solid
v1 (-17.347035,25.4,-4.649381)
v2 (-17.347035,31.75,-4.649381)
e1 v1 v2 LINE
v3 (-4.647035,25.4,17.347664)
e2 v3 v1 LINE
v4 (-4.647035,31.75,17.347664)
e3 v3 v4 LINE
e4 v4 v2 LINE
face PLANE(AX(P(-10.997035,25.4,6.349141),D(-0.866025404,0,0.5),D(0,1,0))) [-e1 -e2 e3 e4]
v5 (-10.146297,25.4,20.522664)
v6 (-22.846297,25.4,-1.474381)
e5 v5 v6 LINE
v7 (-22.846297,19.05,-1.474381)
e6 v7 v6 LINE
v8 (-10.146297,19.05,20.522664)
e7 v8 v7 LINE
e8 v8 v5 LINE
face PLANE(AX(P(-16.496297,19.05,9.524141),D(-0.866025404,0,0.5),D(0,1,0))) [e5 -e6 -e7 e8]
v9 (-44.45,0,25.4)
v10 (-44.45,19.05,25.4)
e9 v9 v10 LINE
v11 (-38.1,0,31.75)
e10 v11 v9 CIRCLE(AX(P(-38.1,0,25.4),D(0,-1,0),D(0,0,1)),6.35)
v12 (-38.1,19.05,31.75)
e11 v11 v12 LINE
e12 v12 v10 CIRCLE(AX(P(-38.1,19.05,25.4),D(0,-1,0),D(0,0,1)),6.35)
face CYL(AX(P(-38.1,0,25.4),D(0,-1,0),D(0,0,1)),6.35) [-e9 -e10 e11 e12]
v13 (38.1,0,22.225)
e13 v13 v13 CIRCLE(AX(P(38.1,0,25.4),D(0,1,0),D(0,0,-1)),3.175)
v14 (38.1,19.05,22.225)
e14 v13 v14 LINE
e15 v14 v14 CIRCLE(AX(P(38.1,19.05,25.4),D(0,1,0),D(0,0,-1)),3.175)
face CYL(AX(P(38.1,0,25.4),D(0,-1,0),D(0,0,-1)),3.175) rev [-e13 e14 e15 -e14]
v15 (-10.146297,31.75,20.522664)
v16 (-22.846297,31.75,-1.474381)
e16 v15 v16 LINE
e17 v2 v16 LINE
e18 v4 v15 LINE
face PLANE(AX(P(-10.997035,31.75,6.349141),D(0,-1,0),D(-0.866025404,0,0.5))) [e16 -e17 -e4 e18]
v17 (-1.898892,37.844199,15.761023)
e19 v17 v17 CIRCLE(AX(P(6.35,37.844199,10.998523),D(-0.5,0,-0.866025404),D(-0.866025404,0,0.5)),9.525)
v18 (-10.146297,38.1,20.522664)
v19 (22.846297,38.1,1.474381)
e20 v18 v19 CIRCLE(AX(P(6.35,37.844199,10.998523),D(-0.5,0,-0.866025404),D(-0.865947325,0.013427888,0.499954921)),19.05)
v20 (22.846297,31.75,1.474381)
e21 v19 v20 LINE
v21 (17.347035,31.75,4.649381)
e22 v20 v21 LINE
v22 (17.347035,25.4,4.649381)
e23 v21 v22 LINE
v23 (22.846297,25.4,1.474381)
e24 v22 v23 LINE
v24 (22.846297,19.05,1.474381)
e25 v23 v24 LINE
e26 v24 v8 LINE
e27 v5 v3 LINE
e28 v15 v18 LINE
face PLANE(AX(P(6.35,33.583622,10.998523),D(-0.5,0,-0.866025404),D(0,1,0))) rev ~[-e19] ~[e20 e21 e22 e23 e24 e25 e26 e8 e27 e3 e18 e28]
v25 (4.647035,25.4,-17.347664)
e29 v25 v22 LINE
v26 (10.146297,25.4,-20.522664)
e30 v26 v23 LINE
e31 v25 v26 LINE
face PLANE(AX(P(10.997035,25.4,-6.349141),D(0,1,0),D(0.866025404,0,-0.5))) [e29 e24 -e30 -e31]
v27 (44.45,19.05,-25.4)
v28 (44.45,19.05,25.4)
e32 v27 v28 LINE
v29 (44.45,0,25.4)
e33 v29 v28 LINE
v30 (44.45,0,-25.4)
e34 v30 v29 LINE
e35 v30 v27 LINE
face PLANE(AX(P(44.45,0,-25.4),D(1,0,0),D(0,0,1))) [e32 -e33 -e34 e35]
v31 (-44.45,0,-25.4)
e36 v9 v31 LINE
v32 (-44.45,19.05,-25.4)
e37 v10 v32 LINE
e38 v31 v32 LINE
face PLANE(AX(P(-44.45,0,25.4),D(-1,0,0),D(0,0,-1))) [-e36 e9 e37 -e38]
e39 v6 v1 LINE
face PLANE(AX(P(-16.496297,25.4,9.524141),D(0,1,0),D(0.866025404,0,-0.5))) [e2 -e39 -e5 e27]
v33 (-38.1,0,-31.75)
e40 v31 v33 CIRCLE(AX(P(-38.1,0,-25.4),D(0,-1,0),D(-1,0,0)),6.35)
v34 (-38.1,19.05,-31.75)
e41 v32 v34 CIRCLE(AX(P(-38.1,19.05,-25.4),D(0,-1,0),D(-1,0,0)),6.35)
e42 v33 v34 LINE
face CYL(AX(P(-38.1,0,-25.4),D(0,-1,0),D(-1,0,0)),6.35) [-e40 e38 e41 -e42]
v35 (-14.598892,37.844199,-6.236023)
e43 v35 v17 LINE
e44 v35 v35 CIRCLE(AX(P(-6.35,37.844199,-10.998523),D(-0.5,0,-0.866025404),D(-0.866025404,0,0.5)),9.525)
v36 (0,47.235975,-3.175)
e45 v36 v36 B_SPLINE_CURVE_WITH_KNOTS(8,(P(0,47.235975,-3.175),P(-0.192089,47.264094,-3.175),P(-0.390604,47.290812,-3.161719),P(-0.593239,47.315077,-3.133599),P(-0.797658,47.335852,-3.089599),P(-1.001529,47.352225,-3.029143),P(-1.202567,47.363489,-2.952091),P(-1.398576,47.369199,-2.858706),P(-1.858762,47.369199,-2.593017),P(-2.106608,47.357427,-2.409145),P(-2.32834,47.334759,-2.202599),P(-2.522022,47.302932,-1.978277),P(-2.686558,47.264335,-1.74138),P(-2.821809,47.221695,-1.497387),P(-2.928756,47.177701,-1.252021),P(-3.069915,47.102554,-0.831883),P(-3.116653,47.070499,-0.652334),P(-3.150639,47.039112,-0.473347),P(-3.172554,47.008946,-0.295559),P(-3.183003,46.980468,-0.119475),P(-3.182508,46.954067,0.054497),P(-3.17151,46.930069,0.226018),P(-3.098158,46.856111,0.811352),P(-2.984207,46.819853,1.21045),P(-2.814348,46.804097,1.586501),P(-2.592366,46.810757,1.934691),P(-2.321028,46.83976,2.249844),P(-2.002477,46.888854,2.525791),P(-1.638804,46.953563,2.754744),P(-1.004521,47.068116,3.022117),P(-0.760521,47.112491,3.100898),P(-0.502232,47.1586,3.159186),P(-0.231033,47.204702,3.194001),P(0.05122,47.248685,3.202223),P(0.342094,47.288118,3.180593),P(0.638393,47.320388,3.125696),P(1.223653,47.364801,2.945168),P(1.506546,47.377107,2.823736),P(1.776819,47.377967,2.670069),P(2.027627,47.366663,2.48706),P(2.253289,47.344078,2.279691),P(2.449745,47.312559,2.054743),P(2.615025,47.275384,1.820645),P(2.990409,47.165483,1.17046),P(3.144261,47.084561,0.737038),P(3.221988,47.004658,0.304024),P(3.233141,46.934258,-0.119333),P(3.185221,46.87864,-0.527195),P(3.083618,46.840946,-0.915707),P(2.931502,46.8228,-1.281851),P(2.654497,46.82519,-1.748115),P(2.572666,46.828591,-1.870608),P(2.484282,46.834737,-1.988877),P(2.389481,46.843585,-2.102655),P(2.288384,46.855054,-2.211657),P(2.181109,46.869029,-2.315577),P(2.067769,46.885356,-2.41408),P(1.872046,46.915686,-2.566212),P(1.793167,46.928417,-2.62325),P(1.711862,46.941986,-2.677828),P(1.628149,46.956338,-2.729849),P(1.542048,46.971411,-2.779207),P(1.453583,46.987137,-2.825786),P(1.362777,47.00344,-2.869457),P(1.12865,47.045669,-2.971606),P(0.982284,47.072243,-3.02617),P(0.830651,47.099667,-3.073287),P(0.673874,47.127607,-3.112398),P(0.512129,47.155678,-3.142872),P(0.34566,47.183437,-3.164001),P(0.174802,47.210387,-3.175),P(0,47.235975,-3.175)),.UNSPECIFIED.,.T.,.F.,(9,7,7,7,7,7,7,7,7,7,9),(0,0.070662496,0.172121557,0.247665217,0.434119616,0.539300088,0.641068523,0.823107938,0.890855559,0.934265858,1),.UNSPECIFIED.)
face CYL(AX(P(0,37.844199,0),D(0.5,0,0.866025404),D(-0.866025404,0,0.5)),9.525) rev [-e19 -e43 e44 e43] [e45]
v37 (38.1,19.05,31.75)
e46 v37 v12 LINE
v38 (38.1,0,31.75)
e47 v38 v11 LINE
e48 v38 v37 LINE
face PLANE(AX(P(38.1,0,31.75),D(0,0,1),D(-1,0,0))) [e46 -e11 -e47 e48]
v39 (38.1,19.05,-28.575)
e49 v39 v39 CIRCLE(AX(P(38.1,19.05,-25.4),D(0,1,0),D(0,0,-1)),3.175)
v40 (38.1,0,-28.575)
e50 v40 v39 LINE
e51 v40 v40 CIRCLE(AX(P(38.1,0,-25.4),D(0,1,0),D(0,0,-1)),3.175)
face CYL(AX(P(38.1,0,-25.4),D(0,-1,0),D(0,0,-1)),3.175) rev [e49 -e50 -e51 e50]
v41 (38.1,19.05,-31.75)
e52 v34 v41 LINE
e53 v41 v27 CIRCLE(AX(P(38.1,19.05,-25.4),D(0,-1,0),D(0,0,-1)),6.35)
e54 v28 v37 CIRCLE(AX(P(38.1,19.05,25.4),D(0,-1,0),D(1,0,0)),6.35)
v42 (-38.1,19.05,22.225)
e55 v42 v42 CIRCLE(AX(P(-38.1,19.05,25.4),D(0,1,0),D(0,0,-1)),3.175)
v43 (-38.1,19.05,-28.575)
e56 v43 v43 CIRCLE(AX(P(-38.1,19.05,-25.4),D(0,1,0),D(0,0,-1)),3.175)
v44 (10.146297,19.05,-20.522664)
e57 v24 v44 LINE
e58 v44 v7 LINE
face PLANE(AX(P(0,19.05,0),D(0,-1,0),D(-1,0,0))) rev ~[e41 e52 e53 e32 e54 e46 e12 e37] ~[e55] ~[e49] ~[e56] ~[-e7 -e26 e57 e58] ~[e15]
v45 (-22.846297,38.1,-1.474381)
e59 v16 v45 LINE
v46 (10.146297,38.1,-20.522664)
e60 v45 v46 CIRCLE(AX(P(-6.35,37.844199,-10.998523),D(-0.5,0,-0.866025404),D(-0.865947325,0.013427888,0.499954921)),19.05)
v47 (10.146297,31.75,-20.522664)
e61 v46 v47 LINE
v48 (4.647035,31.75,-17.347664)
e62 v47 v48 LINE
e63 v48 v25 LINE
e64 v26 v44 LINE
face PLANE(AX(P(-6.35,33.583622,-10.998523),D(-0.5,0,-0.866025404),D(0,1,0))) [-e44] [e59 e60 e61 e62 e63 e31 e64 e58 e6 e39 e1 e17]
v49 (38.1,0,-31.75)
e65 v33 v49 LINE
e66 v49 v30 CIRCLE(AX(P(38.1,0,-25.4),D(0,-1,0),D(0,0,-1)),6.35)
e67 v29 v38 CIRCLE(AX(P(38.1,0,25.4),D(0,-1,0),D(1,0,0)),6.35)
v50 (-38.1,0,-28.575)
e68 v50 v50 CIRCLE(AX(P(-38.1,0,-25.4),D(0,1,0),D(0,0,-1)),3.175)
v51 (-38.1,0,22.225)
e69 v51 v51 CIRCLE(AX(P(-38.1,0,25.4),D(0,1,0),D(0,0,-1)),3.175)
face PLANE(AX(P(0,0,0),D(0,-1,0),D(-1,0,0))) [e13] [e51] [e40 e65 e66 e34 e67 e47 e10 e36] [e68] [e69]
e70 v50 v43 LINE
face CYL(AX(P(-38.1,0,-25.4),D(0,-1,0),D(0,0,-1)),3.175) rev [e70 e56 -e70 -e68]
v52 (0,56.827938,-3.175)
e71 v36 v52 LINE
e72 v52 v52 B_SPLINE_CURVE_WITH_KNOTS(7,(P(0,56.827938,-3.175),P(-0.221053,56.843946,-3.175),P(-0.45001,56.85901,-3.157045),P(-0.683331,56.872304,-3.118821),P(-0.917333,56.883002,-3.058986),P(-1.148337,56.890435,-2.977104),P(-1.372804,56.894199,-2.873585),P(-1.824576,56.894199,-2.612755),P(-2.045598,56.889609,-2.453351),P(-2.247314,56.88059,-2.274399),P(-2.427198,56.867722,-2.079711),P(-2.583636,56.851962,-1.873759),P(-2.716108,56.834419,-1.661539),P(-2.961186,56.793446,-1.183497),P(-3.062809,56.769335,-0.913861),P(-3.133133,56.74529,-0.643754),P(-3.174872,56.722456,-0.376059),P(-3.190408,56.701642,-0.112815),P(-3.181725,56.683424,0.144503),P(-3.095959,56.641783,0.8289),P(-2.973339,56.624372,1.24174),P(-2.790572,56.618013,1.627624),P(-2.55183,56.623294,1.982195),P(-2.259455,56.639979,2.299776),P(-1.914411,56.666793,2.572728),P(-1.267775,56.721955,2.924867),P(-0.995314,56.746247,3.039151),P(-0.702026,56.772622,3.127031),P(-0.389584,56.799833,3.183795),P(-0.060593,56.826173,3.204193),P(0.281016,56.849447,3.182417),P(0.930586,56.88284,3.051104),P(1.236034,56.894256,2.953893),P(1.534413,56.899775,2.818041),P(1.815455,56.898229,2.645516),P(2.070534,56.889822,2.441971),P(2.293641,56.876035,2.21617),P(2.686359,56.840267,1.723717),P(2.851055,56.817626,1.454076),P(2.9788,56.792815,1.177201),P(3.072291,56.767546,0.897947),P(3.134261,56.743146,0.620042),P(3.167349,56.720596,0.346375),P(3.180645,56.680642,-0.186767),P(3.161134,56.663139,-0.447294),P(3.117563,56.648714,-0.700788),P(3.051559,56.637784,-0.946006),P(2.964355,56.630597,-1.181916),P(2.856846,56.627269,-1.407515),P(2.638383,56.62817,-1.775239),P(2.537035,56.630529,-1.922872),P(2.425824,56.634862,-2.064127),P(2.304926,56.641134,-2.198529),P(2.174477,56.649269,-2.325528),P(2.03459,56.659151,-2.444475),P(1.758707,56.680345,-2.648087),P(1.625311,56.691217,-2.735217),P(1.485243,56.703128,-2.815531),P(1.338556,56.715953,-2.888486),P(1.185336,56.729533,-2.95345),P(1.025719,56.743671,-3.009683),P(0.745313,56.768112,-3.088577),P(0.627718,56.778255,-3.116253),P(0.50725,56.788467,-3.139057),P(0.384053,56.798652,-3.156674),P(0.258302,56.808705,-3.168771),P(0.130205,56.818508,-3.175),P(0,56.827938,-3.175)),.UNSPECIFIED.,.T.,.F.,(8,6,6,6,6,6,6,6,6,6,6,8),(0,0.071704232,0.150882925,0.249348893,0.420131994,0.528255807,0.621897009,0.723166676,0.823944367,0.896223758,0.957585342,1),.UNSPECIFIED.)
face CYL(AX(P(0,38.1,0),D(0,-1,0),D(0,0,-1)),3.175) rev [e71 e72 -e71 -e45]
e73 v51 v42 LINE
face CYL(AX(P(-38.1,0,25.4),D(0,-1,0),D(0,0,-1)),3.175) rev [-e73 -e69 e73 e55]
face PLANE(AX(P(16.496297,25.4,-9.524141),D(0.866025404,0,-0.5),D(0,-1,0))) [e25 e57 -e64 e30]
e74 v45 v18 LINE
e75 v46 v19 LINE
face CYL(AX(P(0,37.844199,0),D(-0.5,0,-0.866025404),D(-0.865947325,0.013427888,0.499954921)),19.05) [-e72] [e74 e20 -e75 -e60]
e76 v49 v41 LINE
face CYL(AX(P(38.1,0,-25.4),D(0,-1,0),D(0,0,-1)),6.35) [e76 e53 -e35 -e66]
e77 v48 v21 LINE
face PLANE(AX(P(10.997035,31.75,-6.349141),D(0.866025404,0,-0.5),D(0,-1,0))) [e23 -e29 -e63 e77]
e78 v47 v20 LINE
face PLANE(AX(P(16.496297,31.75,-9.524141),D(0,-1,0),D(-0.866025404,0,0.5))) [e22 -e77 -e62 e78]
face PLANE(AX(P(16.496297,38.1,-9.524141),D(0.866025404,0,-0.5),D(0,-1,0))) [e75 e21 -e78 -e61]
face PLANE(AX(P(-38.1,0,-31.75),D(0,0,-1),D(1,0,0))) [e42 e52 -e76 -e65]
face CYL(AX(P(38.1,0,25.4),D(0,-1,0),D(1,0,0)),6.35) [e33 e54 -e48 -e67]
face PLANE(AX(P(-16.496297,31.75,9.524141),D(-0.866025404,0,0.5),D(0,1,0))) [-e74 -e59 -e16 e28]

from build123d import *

# Parameters (mm, degrees)
SKETCH1_R           = 3.175
BOSS_EXTRUDE1_DEPTH = 19.05
SKETCH3_R           = 9.525
BOSS_EXTRUDE2_DEPTH = 12.7
SKETCH4_R           = 3.175
CUT_EXTRUDE1_DEPTH  = 67.599361859


with BuildPart() as part:
    # Sketch1 → Boss-Extrude1 (new body)
    with BuildSketch(Plane(origin=(0, 0, 0), x_dir=(1, 0, 0), z_dir=(0, 1, 0))):
        with BuildLine():
            Line((-38.1, 31.75), (38.1, 31.75))
            ThreePointArc((38.1, 31.75), (42.590128061, 29.890128061), (44.45, 25.4))
            Line((44.45, 25.4), (44.45, -25.4))
            ThreePointArc((44.45, -25.4), (42.590128061, -29.890128061), (38.1, -31.75))
            Line((38.1, -31.75), (-38.1, -31.75))
            ThreePointArc((-38.1, -31.75), (-42.590128061, -29.890128061), (-44.45, -25.4))
            Line((-44.45, -25.4), (-44.45, 25.4))
            ThreePointArc((-44.45, 25.4), (-42.590128061, 29.890128061), (-38.1, 31.75))
        make_face()
        with Locations((-38.1, 25.4)):
            Circle(SKETCH1_R, mode=Mode.SUBTRACT)
        with Locations((-38.1, -25.4)):
            Circle(SKETCH1_R, mode=Mode.SUBTRACT)
        with Locations((38.1, -25.4)):
            Circle(SKETCH1_R, mode=Mode.SUBTRACT)
        with Locations((38.1, 25.4)):
            Circle(SKETCH1_R, mode=Mode.SUBTRACT)
    extrude(amount=BOSS_EXTRUDE1_DEPTH)

    # Sketch3 → Boss-Extrude2 (add, symmetric)
    with BuildSketch(Plane(origin=(0, 0, 0), x_dir=(0, 1, 0), z_dir=(-0.500000000000001, 0, -0.866025403784438))):
        with BuildLine():
            Line((25.4, 19.048282487), (19.05, 19.048282487))
            Line((19.05, 19.048282487), (19.05, 17.120567884))
            Line((19.05, 17.120567884), (19.05, -19.048282487))
            Line((19.05, -19.048282487), (25.4, -19.048282487))
            Line((25.4, -19.048282487), (25.4, -12.698282487))
            Line((25.4, -12.698282487), (31.75, -12.698282487))
            Line((31.75, -12.698282487), (31.75, -19.048282487))
            Line((31.75, -19.048282487), (38.1, -19.048282487))
            ThreePointArc((38.1, -19.048282487), (56.894198738, 0), (38.1, 19.048282487))
            Line((38.1, 19.048282487), (31.75, 19.048282487))
            Line((31.75, 19.048282487), (31.75, 12.698282487))
            Line((31.75, 12.698282487), (25.4, 12.698282487))
            Line((25.4, 12.698282487), (25.4, 19.048282487))
        make_face()
        with Locations((37.844198738, 0)):
            Circle(SKETCH3_R, mode=Mode.SUBTRACT)
    extrude(amount=BOSS_EXTRUDE2_DEPTH, both=True)

    # Sketch4 → Cut-Extrude1 (cut, through all)
    with BuildSketch(Plane(origin=(0, 38.1, 0), x_dir=(1, 0, 0), z_dir=(0, 1, 0))):
        Circle(SKETCH4_R)
    extrude(amount=CUT_EXTRUDE1_DEPTH, mode=Mode.SUBTRACT)


solid = part.part
